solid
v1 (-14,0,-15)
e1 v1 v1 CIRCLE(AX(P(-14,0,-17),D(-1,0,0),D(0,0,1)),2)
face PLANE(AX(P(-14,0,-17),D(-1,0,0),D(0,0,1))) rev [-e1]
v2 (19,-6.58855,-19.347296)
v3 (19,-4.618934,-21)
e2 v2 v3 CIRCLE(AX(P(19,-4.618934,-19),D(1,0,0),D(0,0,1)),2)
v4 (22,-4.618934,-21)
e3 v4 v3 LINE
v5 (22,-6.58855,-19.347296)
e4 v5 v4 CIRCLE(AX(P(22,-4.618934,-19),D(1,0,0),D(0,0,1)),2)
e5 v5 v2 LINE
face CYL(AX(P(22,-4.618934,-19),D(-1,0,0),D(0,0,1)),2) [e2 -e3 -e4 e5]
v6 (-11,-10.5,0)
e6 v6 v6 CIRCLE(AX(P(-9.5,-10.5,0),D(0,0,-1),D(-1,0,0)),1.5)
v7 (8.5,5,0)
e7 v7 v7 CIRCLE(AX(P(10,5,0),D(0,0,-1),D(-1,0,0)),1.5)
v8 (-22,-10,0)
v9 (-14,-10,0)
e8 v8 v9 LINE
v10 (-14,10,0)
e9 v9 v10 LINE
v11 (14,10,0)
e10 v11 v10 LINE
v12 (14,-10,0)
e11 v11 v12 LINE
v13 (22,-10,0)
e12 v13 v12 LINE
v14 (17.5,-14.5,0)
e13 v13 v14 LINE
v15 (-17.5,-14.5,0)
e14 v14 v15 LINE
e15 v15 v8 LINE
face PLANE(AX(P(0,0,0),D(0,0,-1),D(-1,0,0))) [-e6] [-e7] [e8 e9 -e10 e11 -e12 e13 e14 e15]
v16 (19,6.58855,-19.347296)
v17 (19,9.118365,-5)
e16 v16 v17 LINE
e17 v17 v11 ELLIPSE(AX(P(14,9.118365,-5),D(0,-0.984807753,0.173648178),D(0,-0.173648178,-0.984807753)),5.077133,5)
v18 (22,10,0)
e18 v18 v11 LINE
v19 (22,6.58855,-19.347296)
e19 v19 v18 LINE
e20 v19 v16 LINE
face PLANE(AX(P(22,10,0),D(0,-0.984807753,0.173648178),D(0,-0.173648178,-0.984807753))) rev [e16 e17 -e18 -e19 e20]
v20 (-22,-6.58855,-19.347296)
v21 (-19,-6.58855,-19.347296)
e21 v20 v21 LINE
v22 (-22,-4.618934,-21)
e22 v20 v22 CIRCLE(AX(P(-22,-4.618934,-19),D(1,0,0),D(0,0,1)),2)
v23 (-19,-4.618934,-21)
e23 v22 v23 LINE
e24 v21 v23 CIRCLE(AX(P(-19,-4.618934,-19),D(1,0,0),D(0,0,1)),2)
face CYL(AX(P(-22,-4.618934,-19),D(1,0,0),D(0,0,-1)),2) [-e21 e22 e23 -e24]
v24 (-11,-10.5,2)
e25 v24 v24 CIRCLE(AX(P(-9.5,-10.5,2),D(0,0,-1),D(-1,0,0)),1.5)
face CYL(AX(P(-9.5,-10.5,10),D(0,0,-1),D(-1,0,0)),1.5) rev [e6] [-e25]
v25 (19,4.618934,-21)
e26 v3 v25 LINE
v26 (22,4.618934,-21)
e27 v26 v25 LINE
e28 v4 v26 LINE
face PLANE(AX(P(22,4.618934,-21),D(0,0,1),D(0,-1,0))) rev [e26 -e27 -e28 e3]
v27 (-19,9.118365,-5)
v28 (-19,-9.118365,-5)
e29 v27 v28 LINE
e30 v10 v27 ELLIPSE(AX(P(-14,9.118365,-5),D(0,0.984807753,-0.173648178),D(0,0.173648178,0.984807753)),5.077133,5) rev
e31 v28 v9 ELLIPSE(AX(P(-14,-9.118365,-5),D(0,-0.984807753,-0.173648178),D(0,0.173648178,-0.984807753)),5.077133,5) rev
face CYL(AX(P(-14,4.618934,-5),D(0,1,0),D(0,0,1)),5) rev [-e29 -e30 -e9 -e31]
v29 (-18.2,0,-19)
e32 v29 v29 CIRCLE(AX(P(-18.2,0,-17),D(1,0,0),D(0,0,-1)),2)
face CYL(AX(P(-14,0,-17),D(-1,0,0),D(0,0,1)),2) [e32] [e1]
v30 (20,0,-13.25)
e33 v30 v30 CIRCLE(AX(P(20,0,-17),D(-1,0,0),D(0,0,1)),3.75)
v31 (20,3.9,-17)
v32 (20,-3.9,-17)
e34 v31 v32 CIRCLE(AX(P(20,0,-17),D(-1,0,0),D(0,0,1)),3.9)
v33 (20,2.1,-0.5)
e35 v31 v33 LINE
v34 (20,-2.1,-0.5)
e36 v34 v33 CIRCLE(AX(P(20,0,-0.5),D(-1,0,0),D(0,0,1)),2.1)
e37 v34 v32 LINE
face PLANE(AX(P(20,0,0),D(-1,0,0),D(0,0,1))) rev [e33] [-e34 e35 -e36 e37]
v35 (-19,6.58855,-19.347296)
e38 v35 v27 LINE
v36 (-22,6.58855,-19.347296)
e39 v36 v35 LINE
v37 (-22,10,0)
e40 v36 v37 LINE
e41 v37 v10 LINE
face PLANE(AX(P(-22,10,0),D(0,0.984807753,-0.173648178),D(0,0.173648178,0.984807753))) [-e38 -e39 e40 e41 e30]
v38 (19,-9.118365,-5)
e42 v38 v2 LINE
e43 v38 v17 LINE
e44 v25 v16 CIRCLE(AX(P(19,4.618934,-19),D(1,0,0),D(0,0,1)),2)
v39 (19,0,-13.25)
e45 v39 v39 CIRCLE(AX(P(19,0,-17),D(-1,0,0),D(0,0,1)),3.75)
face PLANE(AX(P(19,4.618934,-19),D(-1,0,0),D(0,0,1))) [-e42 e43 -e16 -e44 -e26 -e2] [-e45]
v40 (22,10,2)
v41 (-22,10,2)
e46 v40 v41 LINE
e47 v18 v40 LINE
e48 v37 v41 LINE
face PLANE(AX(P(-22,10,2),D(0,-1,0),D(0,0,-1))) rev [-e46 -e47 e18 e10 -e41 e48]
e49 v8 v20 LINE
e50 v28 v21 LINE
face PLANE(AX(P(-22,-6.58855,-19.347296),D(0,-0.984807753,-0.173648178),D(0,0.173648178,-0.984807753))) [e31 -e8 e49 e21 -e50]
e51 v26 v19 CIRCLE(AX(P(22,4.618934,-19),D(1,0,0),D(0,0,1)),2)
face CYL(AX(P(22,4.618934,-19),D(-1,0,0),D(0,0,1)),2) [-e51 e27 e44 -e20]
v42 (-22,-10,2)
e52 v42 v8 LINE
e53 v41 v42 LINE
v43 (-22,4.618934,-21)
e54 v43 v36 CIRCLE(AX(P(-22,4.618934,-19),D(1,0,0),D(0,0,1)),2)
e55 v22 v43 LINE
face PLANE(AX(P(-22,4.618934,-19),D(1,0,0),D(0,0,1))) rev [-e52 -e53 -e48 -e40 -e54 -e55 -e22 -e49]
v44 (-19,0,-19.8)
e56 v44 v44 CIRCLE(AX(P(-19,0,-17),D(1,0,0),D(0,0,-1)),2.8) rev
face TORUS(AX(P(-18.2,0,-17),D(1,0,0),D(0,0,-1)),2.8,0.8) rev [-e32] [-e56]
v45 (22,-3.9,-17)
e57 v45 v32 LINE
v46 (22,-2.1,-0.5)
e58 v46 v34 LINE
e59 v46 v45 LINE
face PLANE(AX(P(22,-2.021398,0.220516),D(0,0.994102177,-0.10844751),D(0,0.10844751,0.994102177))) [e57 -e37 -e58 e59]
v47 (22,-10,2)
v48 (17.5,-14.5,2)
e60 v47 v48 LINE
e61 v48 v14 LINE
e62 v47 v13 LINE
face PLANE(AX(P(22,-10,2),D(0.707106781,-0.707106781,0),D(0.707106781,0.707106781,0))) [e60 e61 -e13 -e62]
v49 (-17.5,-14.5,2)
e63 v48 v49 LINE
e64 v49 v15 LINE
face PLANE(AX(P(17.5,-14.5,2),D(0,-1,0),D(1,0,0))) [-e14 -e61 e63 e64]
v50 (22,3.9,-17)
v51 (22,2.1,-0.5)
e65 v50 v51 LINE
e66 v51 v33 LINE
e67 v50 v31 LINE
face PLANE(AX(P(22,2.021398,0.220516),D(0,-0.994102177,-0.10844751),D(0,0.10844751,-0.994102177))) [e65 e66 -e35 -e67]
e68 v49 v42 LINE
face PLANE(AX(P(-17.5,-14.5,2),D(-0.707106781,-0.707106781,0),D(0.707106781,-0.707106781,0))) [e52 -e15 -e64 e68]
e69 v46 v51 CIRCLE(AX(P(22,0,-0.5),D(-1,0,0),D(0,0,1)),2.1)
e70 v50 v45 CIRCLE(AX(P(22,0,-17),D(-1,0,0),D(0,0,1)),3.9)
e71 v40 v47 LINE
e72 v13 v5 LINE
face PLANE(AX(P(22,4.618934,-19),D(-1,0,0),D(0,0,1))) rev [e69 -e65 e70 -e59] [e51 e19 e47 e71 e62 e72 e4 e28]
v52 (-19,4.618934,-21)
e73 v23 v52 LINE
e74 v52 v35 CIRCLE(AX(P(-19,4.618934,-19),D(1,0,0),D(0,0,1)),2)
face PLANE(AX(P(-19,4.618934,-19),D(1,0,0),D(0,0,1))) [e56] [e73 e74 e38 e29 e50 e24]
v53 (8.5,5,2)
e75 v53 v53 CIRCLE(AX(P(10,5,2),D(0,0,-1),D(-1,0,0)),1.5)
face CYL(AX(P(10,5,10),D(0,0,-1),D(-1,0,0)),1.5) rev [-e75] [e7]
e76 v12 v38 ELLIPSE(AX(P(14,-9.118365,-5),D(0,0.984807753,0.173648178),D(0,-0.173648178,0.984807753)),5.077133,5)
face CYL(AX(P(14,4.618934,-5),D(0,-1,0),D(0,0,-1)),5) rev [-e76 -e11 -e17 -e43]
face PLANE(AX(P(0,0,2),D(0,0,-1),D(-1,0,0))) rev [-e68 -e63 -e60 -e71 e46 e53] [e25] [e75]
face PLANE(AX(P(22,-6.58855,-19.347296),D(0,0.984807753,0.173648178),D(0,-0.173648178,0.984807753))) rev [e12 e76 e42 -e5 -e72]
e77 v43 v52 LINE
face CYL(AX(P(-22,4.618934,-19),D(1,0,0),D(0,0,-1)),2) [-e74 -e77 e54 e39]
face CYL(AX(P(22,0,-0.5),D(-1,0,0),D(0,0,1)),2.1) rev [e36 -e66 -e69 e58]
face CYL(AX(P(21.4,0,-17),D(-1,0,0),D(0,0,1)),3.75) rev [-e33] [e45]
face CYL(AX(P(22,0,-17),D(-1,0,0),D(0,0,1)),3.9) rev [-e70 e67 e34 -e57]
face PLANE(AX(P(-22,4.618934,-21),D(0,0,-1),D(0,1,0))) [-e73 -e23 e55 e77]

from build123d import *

# Parameters (mm, degrees)
SKETCH1_W           = 38
SKETCH1_H           = 20
BOSS_EXTRUDE1_DEPTH = 2
BOSS_EXTRUDE2_DEPTH = 3
BOSS_EXTRUDE3_DEPTH = 2
SKETCH4_R           = 1.3
CUT_EXTRUDE1_DEPTH  = 51.865017448
CUT_EXTRUDE2_START  = -1
CUT_EXTRUDE2_DEPTH  = 2
SKETCH6_R           = 3.75
CUT_EXTRUDE3_DEPTH  = 2.4
SKETCH7_W           = 44
SKETCH7_H           = 6
CUT_EXTRUDE4_DEPTH  = 34.693471178
SKETCH8_R           = 2
BOSS_EXTRUDE4_DEPTH = 8
FILLET1_R           = 0.8
FILLET2_R           = 5
SKETCH9_R           = 1.5
CUT_EXTRUDE5_DEPTH  = 10


with BuildPart() as part:
    # Sketch1 → Boss-Extrude1 (new body)
    with BuildSketch(Plane.XY):
        Rectangle(SKETCH1_W, SKETCH1_H)
    extrude(amount=BOSS_EXTRUDE1_DEPTH)

    # Sketch2 → Boss-Extrude2 (add)
    with BuildSketch(Plane(origin=(19, 0, 0), x_dir=(0, 0, -1), z_dir=(1, 0, 0))):
        with BuildLine():
            Line((-2, 10), (0, 10))
            Line((0, 10), (19.347296355, 6.588549649))
            ThreePointArc((19.347296355, 6.588549649), (20.532088886, 5.904509362), (21, 4.618934143))
            Line((21, 4.618934143), (21, -4.618934143))
            ThreePointArc((21, -4.618934143), (20.532088886, -5.904509362), (19.347296355, -6.588549649))
            Line((19.347296355, -6.588549649), (0, -10))
            Line((0, -10), (-2, -10))
            Line((-2, -10), (-2, 10))
        make_face()
    boss_extrude2 = extrude(amount=BOSS_EXTRUDE2_DEPTH)

    # Mirror1: Boss-Extrude2 across plane
    add(boss_extrude2.mirror(Plane(origin=(0, 0, 0), x_dir=(0, 0, 1), z_dir=(1, 0, 0))))

    # Sketch3 → Boss-Extrude3 (add)
    with BuildSketch(Plane(origin=(0, 0, 0), x_dir=(-1, 0, 0), z_dir=(0, 0, -1))):
        Polygon((-22, -10), (-17.5, -14.5), (17.5, -14.5), (22, -10), align=None)
        Polygon((-22, 10), (22, 10), (17.5, 14.5), (-17.5, 14.5), align=None)
    extrude(amount=-BOSS_EXTRUDE3_DEPTH)

    # Sketch4 → Cut-Extrude1 (cut, through all)
    with BuildSketch(Plane.ZY.offset(22)):
        with Locations((-17, 0)):
            Circle(SKETCH4_R)
    extrude(amount=-CUT_EXTRUDE1_DEPTH, mode=Mode.SUBTRACT)

    # Sketch5 → Cut-Extrude2 (cut)
    with BuildSketch(Plane.ZY.offset(-19).offset(CUT_EXTRUDE2_START)):
        with BuildLine():
            Line((-0.5, -2.1), (-17, -3.9))
            ThreePointArc((-17, -3.9), (-20.9, 0), (-17, 3.9))
            Line((-17, 3.9), (-0.5, 2.1))
            ThreePointArc((-0.5, 2.1), (1.6, 0), (-0.5, -2.1))
        make_face()
    extrude(amount=-CUT_EXTRUDE2_DEPTH, mode=Mode.SUBTRACT)

    # Sketch6 → Cut-Extrude3 (cut)
    with BuildSketch(Plane.ZY.offset(-19)):
        with Locations((-17, 0)):
            Circle(SKETCH6_R)
    extrude(amount=-CUT_EXTRUDE3_DEPTH, mode=Mode.SUBTRACT)

    # Sketch7 → Cut-Extrude4 (cut, through all)
    with BuildSketch(Plane(origin=(0, 0, 0), x_dir=(-1, 0, 0), z_dir=(0, 0, -1))):
        with Locations((0, 13)):
            Rectangle(SKETCH7_W, SKETCH7_H)
    extrude(amount=-CUT_EXTRUDE4_DEPTH, mode=Mode.SUBTRACT)

    # Sketch8 → Boss-Extrude4 (add)
    with BuildSketch(Plane.ZY.offset(22)):
        with Locations((-17, 0)):
            Circle(SKETCH8_R)
    extrude(amount=-BOSS_EXTRUDE4_DEPTH)

    # Fillet1
    fillet1_edges = [part.edges().sort_by_distance(p)[0] for p in [
        (-19, 0, -19),
    ]]
    fillet(fillet1_edges, radius=FILLET1_R)

    # Fillet2
    fillet2_edges = [part.edges().sort_by_distance(p)[0] for p in [
        (-19, 0, 0),
        (19, 0, 0),
    ]]
    fillet(fillet2_edges, radius=FILLET2_R)

    # Sketch9 → Cut-Extrude5 (cut)
    with BuildSketch(Plane(origin=(0, 0, 0), x_dir=(-1, 0, 0), z_dir=(0, 0, -1))):
        with Locations((-10, 5)):
            Circle(SKETCH9_R)
        with Locations((9.5, -10.5)):
            Circle(SKETCH9_R)
    extrude(amount=-CUT_EXTRUDE5_DEPTH, mode=Mode.SUBTRACT)


solid = part.part
